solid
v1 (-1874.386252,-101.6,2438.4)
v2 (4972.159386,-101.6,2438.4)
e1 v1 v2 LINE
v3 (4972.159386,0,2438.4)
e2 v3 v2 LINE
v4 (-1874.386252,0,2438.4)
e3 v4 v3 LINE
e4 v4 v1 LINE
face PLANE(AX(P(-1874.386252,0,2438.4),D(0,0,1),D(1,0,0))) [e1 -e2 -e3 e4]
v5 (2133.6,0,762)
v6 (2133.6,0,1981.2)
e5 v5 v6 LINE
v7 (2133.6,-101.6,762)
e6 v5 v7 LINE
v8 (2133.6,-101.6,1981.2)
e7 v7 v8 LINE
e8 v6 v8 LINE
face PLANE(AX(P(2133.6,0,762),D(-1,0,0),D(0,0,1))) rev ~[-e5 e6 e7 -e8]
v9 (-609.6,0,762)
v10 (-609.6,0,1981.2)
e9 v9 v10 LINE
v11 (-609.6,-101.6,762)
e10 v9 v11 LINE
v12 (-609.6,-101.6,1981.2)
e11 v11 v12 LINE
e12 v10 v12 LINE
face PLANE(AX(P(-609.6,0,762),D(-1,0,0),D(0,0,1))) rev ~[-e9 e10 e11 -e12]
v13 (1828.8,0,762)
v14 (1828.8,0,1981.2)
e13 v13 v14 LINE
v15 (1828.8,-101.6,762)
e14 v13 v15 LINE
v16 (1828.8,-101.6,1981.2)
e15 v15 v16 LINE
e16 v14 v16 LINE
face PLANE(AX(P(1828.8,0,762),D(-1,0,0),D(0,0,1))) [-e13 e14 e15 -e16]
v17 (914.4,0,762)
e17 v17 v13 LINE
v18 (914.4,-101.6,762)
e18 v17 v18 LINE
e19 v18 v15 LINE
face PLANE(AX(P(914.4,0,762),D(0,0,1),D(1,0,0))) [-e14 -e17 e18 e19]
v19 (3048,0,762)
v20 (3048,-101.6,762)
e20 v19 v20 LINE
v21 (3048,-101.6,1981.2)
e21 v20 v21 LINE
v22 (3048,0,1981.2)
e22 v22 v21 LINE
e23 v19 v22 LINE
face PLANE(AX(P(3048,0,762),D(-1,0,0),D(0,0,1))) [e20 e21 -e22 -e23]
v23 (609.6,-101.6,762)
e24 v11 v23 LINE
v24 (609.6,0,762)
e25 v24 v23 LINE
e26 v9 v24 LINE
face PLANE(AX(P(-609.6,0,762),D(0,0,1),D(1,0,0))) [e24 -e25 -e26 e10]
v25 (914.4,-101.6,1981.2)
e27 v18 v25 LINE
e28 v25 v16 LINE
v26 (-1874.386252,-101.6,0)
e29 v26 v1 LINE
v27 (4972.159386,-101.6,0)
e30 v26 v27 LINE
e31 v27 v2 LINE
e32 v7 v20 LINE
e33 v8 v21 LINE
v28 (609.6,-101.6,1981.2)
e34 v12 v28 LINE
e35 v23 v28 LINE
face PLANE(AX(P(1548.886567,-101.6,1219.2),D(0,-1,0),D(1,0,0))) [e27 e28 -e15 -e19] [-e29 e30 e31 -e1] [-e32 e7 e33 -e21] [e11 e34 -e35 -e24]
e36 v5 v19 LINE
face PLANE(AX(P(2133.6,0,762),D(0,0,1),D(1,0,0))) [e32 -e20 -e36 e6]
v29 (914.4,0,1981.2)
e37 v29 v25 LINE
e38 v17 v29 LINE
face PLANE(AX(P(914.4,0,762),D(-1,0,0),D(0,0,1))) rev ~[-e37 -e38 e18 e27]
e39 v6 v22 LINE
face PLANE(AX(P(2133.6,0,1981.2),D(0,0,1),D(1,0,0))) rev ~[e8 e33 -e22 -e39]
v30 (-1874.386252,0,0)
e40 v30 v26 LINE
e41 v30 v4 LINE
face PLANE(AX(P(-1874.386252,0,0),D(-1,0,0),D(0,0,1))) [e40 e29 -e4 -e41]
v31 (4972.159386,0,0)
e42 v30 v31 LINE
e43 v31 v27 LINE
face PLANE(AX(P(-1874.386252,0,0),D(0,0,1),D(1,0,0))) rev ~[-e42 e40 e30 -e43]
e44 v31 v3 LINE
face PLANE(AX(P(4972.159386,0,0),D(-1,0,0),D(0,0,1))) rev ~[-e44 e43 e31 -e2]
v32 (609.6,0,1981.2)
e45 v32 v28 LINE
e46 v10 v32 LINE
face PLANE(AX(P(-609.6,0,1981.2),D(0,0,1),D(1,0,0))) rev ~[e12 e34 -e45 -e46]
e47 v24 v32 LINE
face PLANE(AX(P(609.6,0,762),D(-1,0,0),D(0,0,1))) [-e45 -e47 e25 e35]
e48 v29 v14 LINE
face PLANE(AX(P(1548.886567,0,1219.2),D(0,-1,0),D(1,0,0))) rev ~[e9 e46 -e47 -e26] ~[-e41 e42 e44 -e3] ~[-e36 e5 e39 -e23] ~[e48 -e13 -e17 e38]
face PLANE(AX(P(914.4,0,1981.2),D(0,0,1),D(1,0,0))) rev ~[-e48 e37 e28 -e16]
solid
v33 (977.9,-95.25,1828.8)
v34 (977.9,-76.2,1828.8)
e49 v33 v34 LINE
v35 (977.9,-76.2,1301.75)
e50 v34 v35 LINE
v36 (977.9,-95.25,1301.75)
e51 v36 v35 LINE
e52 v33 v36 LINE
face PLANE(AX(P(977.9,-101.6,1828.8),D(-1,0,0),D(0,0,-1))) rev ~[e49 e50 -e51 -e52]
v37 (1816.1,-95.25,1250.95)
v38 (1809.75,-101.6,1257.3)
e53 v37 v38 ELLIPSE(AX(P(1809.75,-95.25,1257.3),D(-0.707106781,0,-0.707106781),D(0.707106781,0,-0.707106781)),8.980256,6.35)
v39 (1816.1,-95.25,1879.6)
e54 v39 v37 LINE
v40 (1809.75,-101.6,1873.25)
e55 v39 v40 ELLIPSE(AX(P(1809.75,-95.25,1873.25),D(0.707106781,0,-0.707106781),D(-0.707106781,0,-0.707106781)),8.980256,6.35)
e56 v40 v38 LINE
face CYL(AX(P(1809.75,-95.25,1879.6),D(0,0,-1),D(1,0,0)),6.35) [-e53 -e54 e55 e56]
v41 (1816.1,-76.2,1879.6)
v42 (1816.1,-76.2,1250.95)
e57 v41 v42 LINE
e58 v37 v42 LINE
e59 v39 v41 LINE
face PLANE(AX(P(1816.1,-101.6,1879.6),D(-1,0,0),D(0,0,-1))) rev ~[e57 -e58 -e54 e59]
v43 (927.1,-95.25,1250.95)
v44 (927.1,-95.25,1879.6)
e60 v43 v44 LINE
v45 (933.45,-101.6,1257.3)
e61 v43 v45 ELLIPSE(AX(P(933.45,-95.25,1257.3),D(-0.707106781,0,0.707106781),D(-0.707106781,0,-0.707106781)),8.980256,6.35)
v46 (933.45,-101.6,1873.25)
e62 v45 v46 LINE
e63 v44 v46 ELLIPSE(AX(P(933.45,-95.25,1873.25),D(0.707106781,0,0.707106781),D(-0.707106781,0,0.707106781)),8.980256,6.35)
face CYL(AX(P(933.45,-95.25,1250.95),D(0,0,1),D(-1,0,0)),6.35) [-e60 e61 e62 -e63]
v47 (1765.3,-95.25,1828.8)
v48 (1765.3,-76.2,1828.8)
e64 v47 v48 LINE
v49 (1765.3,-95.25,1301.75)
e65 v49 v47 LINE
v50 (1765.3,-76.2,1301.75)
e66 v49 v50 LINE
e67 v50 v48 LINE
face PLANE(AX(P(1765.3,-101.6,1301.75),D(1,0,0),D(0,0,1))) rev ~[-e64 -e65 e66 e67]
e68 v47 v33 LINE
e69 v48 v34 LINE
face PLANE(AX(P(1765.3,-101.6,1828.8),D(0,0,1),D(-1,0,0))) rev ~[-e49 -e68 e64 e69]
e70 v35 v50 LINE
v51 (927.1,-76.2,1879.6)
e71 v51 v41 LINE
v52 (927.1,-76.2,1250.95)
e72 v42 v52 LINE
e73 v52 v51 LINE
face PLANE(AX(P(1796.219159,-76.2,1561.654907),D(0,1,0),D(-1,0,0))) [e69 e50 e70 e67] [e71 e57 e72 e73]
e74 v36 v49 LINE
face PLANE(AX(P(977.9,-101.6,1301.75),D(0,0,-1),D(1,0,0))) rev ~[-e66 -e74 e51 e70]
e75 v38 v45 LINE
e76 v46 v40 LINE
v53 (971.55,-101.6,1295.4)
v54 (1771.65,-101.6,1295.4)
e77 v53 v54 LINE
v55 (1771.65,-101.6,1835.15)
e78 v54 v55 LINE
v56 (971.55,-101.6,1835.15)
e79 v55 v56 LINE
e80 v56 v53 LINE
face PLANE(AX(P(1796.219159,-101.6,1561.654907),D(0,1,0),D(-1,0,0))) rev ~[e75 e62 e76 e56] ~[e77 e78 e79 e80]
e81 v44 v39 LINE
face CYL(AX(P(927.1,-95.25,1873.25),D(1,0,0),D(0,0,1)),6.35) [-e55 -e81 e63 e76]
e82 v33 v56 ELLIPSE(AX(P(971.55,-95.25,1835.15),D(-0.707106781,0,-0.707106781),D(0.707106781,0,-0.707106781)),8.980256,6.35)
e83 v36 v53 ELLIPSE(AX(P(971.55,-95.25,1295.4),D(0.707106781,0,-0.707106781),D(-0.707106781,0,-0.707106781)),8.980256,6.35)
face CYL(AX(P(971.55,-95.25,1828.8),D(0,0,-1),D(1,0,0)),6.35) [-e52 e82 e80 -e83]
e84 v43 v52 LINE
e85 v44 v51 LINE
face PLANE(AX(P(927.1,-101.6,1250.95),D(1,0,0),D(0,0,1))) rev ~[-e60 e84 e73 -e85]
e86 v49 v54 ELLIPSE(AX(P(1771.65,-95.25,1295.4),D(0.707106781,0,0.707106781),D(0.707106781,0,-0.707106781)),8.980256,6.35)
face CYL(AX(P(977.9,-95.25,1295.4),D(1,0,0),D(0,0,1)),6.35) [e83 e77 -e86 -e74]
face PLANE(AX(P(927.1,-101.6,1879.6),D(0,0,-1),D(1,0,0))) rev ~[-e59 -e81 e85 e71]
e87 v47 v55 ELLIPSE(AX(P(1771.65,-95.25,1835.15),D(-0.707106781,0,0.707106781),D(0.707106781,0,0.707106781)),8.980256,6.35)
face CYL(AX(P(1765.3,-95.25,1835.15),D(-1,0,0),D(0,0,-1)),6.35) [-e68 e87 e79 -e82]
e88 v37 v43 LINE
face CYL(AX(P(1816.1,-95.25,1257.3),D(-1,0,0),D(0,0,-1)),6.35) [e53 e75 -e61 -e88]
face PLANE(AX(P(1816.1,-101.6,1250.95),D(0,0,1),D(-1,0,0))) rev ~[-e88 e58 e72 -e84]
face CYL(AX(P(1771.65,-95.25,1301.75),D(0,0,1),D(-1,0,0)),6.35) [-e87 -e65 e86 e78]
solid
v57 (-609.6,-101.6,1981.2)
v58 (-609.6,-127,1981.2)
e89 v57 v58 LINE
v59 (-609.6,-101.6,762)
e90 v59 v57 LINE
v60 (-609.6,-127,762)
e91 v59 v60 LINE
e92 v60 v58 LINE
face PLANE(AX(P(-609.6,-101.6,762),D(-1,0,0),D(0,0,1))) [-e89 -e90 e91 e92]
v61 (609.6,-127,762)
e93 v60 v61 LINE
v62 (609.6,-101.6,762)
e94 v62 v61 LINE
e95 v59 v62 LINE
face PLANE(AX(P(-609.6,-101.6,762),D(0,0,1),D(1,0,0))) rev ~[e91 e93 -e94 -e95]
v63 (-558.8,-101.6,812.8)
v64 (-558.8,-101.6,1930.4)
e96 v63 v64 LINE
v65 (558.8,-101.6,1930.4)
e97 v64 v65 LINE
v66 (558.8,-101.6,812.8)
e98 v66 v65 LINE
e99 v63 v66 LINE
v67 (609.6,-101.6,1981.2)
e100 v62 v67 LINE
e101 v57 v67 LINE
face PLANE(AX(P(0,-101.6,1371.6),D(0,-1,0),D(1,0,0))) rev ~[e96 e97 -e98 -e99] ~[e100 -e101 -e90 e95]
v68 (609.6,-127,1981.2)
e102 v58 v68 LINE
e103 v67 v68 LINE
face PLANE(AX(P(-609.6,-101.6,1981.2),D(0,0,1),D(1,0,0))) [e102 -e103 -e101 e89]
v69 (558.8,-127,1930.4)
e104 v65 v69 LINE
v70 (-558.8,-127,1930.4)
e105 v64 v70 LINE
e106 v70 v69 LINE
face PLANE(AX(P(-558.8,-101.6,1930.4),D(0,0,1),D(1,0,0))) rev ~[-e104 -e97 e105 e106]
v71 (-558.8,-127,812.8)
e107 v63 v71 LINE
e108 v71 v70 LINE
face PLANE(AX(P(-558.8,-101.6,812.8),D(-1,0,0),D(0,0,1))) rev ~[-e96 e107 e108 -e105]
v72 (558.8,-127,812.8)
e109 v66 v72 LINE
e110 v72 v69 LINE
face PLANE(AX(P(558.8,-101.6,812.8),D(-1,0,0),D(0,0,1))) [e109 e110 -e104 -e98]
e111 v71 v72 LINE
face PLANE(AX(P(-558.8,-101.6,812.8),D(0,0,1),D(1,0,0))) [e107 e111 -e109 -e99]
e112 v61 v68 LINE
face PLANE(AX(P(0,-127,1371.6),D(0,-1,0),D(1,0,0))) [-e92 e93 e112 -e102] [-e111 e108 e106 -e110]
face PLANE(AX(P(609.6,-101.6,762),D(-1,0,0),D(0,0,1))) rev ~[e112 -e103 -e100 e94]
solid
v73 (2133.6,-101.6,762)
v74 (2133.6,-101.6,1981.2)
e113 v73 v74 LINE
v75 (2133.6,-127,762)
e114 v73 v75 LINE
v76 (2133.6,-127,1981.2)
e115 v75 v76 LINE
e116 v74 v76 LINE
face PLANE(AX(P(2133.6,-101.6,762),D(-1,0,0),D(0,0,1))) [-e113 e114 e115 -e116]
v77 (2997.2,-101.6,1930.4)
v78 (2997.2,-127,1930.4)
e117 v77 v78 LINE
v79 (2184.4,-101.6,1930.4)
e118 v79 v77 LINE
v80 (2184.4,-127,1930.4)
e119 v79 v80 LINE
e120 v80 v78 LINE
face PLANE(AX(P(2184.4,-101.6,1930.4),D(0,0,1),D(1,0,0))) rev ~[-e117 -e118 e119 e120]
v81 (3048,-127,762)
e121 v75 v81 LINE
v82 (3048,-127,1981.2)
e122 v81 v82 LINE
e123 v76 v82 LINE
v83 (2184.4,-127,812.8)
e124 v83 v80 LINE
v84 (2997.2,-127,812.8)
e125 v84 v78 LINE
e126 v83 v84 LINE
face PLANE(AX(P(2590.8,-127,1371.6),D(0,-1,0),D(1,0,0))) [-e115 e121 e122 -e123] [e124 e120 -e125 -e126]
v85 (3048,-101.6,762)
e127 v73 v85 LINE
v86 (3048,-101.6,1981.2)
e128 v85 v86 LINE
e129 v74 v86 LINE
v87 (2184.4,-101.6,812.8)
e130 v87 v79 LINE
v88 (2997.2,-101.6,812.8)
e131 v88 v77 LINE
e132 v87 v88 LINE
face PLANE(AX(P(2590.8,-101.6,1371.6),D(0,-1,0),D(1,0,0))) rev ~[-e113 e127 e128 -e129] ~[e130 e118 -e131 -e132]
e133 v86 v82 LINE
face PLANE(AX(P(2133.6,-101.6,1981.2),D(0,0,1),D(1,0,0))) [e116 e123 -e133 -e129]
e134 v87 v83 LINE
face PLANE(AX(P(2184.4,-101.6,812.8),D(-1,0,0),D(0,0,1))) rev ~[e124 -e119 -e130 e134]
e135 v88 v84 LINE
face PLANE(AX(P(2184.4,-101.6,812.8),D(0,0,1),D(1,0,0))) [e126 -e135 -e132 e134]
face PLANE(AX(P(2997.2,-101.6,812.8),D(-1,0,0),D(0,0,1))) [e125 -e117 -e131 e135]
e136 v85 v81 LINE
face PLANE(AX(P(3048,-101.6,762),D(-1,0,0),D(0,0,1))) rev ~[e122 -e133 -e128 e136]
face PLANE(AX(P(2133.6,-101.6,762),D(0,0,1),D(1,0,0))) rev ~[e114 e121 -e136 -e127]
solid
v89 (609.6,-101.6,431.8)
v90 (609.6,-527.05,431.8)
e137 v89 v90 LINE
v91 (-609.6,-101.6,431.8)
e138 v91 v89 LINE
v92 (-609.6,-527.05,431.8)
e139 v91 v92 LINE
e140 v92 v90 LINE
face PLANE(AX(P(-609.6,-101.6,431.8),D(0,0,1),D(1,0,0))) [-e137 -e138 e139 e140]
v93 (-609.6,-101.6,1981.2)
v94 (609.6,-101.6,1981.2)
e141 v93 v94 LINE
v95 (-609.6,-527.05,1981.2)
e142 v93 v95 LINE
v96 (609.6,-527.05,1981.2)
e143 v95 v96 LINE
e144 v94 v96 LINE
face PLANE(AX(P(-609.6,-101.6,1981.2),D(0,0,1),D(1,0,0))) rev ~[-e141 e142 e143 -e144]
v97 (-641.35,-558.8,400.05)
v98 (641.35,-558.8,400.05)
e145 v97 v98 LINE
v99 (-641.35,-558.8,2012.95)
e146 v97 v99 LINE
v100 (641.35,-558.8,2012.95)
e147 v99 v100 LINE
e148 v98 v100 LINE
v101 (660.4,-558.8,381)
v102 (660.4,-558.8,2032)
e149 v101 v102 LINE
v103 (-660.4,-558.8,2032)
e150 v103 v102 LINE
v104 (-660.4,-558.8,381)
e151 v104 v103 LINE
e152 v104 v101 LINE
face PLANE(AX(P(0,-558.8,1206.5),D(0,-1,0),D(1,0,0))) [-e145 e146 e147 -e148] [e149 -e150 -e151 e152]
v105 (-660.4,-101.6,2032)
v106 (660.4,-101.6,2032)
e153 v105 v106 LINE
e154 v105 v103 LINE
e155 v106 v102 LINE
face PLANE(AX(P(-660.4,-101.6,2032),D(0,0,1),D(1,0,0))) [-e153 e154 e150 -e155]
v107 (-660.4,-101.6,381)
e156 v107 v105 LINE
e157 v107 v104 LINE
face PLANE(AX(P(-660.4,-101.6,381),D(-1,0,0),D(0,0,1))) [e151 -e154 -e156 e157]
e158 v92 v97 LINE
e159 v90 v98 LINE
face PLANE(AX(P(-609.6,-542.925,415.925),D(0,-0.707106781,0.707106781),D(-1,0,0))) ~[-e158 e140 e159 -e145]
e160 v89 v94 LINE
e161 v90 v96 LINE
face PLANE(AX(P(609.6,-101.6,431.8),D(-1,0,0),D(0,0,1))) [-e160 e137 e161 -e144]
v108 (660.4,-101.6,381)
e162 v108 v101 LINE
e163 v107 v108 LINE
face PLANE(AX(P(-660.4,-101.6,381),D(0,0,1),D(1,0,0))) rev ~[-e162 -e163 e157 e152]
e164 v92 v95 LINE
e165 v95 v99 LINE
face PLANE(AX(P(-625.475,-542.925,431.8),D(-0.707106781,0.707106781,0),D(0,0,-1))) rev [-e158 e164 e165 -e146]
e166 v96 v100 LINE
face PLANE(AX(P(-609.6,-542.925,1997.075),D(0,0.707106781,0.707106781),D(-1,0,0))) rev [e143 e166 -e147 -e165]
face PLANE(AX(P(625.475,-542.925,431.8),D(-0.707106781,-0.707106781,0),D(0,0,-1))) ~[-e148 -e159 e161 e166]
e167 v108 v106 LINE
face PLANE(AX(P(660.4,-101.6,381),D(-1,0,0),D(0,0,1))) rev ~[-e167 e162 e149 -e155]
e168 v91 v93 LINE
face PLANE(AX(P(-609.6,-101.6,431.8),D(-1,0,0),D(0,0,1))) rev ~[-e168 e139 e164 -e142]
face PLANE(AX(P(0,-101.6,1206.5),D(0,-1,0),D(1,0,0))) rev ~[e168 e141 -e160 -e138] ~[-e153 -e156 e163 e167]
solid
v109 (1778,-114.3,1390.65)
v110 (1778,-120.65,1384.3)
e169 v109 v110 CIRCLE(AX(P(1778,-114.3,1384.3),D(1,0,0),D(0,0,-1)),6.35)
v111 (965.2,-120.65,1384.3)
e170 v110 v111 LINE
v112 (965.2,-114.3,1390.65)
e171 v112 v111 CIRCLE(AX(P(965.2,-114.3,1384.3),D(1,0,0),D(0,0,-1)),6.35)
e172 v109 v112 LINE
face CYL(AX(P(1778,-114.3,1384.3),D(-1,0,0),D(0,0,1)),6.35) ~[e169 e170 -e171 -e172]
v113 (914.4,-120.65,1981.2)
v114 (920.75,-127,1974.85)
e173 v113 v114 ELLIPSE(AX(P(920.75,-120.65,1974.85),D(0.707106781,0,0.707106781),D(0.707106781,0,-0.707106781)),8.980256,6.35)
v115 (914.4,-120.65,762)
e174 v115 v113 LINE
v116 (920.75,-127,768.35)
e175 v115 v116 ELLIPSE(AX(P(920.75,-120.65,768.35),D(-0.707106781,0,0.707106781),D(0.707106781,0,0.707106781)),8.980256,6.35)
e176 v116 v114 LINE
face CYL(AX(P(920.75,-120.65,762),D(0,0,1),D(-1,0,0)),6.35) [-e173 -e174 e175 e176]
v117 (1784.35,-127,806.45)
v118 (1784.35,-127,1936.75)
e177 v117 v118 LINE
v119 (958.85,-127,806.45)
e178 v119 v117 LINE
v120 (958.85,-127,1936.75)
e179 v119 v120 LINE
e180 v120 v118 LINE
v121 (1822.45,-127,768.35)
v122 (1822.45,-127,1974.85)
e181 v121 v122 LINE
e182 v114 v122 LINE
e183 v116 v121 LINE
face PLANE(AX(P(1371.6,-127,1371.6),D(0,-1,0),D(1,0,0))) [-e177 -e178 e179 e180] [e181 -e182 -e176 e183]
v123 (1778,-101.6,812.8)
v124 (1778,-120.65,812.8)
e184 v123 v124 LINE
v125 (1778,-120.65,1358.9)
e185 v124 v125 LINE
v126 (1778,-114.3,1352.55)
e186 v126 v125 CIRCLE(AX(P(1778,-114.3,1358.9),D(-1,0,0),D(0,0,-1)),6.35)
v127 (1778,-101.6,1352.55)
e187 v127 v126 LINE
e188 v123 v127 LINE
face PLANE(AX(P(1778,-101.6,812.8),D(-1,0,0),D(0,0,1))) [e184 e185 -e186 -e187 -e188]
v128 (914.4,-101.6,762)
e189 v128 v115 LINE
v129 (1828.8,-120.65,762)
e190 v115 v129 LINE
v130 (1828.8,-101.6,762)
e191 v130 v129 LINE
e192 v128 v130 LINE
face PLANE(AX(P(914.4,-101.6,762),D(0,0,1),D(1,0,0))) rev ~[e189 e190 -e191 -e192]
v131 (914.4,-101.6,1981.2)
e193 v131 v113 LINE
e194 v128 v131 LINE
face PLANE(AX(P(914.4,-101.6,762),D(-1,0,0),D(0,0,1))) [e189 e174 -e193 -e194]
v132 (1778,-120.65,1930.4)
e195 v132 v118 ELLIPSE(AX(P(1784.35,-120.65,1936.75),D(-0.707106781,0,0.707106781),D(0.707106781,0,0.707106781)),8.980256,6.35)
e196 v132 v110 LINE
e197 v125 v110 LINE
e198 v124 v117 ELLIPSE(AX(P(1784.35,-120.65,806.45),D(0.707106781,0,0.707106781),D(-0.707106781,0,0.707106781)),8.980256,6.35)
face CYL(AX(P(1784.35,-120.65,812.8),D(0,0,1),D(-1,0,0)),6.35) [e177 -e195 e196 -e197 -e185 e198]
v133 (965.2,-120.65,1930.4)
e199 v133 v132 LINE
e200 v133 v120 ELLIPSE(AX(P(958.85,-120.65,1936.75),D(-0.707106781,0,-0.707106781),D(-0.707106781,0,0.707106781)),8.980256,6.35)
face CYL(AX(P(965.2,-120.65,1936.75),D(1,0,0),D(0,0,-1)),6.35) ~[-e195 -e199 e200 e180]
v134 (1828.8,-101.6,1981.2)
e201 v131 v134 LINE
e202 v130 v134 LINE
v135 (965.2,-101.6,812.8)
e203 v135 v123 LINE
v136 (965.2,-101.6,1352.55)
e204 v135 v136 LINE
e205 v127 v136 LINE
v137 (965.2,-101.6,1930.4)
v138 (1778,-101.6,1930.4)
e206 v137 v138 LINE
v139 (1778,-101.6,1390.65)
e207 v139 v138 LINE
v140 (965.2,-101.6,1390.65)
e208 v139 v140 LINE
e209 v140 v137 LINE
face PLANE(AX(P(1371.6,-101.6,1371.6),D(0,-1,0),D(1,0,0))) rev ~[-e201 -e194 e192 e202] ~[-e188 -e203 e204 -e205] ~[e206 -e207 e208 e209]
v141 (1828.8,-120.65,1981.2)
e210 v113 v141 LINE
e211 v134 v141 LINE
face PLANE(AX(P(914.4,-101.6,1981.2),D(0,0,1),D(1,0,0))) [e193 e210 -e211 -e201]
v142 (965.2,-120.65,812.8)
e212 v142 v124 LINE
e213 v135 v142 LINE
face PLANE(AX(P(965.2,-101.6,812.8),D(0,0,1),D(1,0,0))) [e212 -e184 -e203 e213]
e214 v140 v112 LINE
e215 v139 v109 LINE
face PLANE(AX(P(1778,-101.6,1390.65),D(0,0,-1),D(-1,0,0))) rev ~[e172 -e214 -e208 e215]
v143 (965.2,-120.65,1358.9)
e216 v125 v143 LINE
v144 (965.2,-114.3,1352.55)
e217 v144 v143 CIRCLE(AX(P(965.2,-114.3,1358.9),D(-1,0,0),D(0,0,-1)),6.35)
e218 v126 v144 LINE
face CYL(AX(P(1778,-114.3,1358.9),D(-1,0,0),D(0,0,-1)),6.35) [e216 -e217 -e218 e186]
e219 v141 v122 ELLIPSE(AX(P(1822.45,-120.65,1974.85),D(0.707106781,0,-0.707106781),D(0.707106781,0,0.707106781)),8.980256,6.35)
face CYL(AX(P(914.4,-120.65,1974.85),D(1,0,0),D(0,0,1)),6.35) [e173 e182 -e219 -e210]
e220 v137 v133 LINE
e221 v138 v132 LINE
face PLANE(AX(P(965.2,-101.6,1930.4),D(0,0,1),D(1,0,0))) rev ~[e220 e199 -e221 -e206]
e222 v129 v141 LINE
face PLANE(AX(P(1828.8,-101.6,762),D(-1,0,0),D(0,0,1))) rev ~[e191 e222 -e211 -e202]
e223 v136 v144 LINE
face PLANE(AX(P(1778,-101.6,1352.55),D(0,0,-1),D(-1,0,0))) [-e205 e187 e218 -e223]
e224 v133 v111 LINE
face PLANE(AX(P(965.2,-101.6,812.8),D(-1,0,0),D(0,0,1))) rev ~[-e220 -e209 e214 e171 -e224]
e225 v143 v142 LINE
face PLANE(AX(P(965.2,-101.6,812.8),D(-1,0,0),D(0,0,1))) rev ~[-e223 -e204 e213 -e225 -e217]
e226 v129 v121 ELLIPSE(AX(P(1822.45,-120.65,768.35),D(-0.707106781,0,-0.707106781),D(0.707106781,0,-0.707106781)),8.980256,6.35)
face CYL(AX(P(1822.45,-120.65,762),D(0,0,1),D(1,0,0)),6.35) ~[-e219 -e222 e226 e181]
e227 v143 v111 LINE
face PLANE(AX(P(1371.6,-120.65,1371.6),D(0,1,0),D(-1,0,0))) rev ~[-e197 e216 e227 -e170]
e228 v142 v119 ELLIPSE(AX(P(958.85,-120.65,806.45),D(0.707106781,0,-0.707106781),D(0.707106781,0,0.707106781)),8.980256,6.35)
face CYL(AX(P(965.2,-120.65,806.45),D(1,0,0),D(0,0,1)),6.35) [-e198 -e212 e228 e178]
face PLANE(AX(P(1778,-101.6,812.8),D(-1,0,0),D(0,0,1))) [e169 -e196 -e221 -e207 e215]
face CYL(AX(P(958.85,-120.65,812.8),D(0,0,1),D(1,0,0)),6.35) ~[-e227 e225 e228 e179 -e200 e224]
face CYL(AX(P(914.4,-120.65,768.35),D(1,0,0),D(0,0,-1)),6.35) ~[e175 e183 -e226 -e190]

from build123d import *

# Parameters (mm, degrees)
F0_W      = 6846.545637
F0_H      = 2438.4
F0_W_2    = 1219.2
F0_H_2    = 1219.2
F0_W_3    = 914.4
F1_DEPTH  = 101.6
F2_W      = 1320.8
F2_H      = 1651
F2_W_2    = 1219.2
F2_H_2    = 1549.4
F3_DEPTH  = 457.2
F4_W      = 914.4
F4_H      = 1219.2
F4_W_2    = 812.8
F4_H_2    = 1117.6
F4_W_3    = 1219.2
F4_W_4    = 1117.6
F5_DEPTH  = 25.4
F6_R      = 6.35
F7_W      = 812.8
F7_H      = 38.1
F8_DEPTH  = 19.05
F9_R      = 6.35
F10_SIZE  = 31.75
F12_DEPTH = 25.4
F13_R     = 6.35


with BuildPart() as f1:
    # F0 (on Front) → F1 (new body)
    with BuildSketch(Plane.XZ):
        with Locations((1548.886567, 1219.2)):
            Rectangle(F0_W, F0_H)
        with Locations((0, 1371.6)):
            Rectangle(F0_W_2, F0_H_2, mode=Mode.SUBTRACT)
        with Locations((1371.6, 1371.6)):
            Rectangle(F0_W_3, F0_H_2, mode=Mode.SUBTRACT)
        with Locations((2590.8, 1371.6)):
            Rectangle(F0_W_3, F0_H_2, mode=Mode.SUBTRACT)
    extrude(amount=F1_DEPTH)


with BuildPart() as f3:
    # F2 (on face) → F3 (new body)
    with BuildSketch(Plane.XZ.offset(101.6)):
        with Locations((0, 1206.5)):
            Rectangle(F2_W, F2_H)
        with Locations((0, 1206.5)):
            Rectangle(F2_W_2, F2_H_2, mode=Mode.SUBTRACT)
    extrude(amount=F3_DEPTH)

    # F10
    f10_edges = [f3.edges().sort_by_distance(p)[0] for p in [
        (609.6, -558.8, 1206.5),
        (0, -558.8, 1981.2),
        (0, -558.8, 431.8),
        (-609.6, -558.8, 1206.5),
    ]]
    chamfer(f10_edges, length=F10_SIZE)


with BuildPart() as f5:
    # F4 (on face) → F5 (new body)
    with BuildSketch(Plane.XZ.offset(101.6)):
        with Locations((1371.6, 1371.6)):
            Rectangle(F4_W, F4_H)
        with Locations((1371.6, 1371.6)):
            Rectangle(F4_W_2, F4_H_2, mode=Mode.SUBTRACT)
        with Locations((2590.8, 1371.6)):
            Rectangle(F4_W, F4_H)
        with Locations((2590.8, 1371.6)):
            Rectangle(F4_W_2, F4_H_2, mode=Mode.SUBTRACT)
        with Locations((0, 1371.6)):
            Rectangle(F4_W_3, F4_H)
        with Locations((0, 1371.6)):
            Rectangle(F4_W_4, F4_H_2, mode=Mode.SUBTRACT)
    extrude(amount=F5_DEPTH)

    # F6
    f6_edges = [f5.edges().sort_by_distance(p)[0] for p in [
        (1371.6, -127, 1981.2),
        (914.4, -127, 1371.6),
        (1371.6, -127, 762),
        (1828.8, -127, 1371.6),
        (965.2, -127, 1371.6),
        (1371.6, -127, 1930.4),
        (1778, -127, 1371.6),
        (1371.6, -127, 812.8),
    ]]
    fillet(f6_edges, radius=F6_R)

    # F7 (on face) → F8 (join)
    with BuildSketch(Plane(origin=(0, -101.6, 0), x_dir=(-1, 0, 0), z_dir=(0, 1, 0))):
        with Locations((-1371.6, 1371.6)):
            Rectangle(F7_W, F7_H)
    extrude(amount=-F8_DEPTH)

    # F9
    f9_edges = [f5.edges().sort_by_distance(p)[0] for p in [
        (1371.6, -120.65, 1390.65),
        (1371.6, -120.65, 1352.55),
    ]]
    fillet(f9_edges, radius=F9_R)


with BuildPart() as f12:
    # F11 (on face) → F12 (new body)
    with BuildSketch(Plane(origin=(0, -101.6, 0), x_dir=(-1, 0, 0), z_dir=(0, 1, 0))):
        Polygon((-1778, 1879.6), (-1816.1, 1879.6), (-1816.1, 1250.95), (-1778, 1250.95), (-1778, 1352.55), (-1765.3, 1352.55), (-1765.3, 1390.65), (-1778, 1390.65), align=None)
        Polygon((-927.1, 1879.6), (-965.2, 1879.6), (-965.2, 1390.65), (-977.9, 1390.65), (-977.9, 1352.55), (-965.2, 1352.55), (-965.2, 1250.95), (-927.1, 1250.95), align=None)
        Polygon((-1778, 1352.55), (-1778, 1250.95), (-965.2, 1250.95), (-965.2, 1352.55), (-977.9, 1352.55), (-977.9, 1301.75), (-1765.3, 1301.75), (-1765.3, 1352.55), align=None)
        Polygon((-965.2, 1879.6), (-1778, 1879.6), (-1778, 1390.65), (-1765.3, 1390.65), (-1765.3, 1828.8), (-977.9, 1828.8), (-977.9, 1390.65), (-965.2, 1390.65), align=None)
    extrude(amount=F12_DEPTH)

    # F13
    f13_edges = [f12.edges().sort_by_distance(p)[0] for p in [
        (1816.1, -101.6, 1565.275),
        (1371.6, -101.6, 1250.95),
        (927.1, -101.6, 1565.275),
        (1371.6, -101.6, 1879.6),
        (977.9, -101.6, 1565.275),
        (1371.6, -101.6, 1301.75),
        (1765.3, -101.6, 1565.275),
        (1371.6, -101.6, 1828.8),
    ]]
    fillet(f13_edges, radius=F13_R)


solid = Compound([f1.part, f3.part, f5.part, f12.part])
